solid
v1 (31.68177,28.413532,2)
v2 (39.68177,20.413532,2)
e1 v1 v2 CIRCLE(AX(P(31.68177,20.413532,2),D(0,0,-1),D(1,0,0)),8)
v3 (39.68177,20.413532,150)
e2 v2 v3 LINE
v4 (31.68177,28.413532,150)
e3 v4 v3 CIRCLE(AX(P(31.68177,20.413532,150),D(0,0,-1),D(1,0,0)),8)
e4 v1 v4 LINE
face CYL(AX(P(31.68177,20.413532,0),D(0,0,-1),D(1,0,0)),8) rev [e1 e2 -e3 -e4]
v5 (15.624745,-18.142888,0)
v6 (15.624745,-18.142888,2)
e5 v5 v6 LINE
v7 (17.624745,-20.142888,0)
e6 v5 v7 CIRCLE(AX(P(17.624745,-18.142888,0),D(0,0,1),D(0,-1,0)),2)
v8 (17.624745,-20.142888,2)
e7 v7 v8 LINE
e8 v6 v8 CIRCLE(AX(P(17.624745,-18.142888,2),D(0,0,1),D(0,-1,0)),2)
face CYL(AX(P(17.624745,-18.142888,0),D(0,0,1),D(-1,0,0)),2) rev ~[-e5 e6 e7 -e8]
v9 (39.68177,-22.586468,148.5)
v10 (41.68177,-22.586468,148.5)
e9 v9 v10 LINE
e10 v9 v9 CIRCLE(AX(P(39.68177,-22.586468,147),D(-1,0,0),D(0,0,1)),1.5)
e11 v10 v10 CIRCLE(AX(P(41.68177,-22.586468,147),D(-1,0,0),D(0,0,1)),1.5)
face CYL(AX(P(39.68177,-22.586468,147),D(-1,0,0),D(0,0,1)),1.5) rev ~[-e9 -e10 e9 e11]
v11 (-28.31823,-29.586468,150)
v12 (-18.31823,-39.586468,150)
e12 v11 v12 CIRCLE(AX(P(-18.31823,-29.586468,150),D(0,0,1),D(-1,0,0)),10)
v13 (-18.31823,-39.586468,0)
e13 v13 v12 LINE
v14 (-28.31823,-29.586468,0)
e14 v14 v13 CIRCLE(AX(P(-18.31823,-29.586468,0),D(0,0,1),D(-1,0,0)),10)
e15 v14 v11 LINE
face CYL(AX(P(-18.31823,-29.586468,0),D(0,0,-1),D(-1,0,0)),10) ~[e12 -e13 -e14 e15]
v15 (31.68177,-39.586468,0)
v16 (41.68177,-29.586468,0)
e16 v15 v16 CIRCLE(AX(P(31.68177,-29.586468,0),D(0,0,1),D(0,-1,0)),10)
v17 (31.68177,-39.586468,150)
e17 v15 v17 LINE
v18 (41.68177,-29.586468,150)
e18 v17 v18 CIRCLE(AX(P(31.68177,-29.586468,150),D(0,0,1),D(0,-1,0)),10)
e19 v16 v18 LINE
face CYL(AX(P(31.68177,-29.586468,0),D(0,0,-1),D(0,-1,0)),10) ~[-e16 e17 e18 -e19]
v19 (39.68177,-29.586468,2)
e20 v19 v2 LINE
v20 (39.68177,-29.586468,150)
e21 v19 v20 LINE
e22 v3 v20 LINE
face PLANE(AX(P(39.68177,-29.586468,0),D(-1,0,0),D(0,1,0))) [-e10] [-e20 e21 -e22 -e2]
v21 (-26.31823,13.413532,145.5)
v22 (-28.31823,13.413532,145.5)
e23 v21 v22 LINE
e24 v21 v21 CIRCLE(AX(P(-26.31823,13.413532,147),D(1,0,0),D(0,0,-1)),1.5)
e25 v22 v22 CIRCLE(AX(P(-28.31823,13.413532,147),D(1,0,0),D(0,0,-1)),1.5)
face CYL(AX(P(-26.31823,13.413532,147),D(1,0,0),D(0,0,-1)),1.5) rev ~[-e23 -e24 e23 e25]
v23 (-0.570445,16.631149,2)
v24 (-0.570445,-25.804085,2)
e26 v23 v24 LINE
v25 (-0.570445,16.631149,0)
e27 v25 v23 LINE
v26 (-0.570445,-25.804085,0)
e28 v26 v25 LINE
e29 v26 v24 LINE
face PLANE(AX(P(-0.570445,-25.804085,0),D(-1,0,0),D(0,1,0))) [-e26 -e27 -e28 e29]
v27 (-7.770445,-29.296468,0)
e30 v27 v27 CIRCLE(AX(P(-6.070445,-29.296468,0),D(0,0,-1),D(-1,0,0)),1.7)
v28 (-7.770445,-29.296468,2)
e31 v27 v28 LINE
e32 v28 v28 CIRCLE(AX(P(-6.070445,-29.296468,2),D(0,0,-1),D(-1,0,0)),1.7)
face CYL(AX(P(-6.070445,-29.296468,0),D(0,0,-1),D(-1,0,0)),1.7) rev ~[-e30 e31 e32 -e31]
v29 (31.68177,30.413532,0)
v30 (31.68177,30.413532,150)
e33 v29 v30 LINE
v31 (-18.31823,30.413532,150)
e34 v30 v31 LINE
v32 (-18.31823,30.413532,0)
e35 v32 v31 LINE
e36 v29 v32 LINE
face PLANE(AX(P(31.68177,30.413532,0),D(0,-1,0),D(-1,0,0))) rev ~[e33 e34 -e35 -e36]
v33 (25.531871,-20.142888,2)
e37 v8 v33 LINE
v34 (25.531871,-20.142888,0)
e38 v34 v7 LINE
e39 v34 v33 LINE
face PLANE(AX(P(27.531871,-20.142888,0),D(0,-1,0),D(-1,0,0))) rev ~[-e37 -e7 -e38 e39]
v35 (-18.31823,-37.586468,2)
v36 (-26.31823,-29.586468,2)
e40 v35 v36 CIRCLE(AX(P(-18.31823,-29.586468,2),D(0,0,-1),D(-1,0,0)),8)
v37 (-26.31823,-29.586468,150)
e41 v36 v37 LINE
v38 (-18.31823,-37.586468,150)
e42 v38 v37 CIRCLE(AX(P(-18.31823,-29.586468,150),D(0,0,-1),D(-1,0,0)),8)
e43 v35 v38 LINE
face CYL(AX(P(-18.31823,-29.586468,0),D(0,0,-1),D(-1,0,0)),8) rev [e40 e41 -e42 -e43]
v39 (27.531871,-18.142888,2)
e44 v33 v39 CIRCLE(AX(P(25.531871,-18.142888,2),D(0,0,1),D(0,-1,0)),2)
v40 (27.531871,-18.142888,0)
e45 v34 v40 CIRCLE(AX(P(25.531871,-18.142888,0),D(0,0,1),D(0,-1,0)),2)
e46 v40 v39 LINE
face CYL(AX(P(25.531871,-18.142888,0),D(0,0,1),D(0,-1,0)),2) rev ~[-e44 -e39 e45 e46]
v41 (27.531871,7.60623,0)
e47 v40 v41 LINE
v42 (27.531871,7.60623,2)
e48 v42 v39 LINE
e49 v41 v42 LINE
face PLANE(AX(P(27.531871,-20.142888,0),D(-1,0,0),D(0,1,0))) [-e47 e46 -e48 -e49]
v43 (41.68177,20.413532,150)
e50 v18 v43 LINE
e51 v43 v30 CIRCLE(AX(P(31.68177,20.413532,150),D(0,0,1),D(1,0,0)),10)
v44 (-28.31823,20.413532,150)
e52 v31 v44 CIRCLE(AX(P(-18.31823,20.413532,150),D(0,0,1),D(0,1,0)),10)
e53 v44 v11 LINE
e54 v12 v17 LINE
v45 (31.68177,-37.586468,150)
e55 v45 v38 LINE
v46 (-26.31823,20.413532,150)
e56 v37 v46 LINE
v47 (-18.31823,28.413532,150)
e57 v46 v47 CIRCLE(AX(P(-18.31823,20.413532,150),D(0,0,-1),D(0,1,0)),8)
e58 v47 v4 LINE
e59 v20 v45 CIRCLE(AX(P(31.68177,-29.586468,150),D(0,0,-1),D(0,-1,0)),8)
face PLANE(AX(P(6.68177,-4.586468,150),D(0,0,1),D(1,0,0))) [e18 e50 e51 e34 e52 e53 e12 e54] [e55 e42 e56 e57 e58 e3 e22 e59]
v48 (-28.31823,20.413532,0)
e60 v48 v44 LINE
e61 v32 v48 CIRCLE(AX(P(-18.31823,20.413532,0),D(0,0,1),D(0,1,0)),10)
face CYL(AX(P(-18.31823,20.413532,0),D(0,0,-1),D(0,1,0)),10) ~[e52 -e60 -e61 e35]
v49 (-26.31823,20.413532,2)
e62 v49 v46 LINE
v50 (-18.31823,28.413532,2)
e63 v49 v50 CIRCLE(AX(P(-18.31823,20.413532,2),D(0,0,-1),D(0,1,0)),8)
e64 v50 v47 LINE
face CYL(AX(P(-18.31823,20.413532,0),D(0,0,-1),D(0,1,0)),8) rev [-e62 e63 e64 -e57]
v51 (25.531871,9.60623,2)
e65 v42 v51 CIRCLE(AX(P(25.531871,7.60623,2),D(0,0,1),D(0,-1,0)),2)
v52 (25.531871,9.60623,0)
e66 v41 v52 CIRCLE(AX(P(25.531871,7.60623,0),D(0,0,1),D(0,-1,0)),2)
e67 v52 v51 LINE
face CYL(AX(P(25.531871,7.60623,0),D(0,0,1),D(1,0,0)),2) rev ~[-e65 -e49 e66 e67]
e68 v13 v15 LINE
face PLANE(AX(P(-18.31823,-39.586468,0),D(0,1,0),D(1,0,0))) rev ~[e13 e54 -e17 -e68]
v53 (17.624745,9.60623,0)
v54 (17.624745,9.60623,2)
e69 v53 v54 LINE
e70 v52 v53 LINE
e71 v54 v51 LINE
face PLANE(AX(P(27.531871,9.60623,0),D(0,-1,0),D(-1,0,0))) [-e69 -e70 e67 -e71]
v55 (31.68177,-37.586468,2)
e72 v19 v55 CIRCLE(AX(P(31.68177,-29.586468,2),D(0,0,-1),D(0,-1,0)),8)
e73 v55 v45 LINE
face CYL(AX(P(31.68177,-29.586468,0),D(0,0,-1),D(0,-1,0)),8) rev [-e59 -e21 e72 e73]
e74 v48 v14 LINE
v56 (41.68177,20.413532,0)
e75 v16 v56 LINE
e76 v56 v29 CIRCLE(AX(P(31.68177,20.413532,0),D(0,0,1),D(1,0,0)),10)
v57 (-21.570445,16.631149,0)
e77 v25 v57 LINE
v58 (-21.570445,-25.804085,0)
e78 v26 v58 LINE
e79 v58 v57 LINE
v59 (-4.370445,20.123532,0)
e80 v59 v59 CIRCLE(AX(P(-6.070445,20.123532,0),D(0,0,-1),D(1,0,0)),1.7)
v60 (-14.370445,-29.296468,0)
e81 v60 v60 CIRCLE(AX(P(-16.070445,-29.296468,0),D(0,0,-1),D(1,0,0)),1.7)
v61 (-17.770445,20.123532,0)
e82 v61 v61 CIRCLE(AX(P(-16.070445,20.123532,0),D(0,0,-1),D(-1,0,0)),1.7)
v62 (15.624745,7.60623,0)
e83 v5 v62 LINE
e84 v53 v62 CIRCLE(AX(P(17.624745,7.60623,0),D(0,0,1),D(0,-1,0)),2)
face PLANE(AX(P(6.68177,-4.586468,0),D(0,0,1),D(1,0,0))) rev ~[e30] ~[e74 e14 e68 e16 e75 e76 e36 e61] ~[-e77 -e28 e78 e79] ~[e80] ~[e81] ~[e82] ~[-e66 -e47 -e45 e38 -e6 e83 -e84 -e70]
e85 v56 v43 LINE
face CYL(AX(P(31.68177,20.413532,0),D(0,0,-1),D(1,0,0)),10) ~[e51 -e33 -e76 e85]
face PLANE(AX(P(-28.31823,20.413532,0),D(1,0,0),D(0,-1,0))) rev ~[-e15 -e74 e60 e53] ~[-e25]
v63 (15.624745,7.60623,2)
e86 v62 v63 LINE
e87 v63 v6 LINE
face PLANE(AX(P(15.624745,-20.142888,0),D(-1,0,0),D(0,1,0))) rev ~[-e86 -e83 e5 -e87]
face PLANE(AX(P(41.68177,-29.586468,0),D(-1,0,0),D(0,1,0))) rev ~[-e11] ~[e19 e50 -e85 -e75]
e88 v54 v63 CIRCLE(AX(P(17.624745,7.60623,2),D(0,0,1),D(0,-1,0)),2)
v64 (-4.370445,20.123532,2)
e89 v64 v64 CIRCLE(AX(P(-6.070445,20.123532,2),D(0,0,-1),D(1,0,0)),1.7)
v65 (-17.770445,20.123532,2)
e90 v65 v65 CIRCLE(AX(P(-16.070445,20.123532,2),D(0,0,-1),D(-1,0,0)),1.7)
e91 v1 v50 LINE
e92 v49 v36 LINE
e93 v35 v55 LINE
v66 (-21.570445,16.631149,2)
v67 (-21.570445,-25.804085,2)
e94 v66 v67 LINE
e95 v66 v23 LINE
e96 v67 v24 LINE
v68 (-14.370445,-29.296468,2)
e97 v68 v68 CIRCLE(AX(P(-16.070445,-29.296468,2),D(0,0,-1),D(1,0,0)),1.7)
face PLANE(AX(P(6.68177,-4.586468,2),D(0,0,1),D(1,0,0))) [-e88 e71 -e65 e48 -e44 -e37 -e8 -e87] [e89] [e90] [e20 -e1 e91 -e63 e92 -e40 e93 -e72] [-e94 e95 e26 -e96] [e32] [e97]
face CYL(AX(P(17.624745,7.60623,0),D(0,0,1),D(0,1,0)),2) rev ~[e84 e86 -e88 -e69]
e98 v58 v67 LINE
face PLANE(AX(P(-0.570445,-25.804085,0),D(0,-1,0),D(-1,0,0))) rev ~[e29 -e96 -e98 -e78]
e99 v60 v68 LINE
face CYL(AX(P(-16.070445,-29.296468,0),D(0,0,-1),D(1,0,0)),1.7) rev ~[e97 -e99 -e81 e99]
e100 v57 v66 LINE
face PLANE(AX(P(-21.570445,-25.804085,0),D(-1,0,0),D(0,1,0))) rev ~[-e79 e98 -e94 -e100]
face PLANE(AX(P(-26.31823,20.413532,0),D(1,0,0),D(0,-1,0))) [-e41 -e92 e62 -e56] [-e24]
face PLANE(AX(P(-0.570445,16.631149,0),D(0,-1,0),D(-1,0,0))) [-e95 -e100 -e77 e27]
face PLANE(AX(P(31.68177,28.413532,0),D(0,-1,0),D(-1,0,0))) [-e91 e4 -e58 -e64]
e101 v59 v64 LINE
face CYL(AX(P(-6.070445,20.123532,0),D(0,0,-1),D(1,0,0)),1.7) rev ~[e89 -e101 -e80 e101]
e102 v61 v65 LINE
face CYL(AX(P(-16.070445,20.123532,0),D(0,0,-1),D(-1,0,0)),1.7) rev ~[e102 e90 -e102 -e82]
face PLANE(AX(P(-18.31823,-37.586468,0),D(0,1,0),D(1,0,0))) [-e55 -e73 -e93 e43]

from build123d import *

# Parameters (mm, degrees)
EXTRUDE_1_DEPTH     = 150
SHELL_1_T           = -2
SKETCH_2_R          = 1.7
SKETCH_2_W          = 21
SKETCH_2_H          = 42.435234345
CUT_EXTRUDE_1_DEPTH = 150
SKETCH_3_W          = 11.907125669
SKETCH_3_H          = 29.749118518
CUT_EXTRUDE_2_DEPTH = 10
FILLET_1_R          = 2
FILLET_2_R          = 2
FILLET_3_R          = 2
FILLET_4_R          = 2
SKETCH_4_R          = 1.5
CUT_EXTRUDE_3_DEPTH = 7
SKETCH_5_R          = 1.5
CUT_EXTRUDE_4_DEPTH = 7


with BuildPart() as part:
    # 草图1 → 凸台-拉伸1 (new body)
    with BuildSketch(Plane.XY):
        with BuildLine():
            Line((-28.318229719, 20.413532085), (-28.318229719, -29.586467915))
            ThreePointArc((-28.318229719, -29.586467915), (-25.38929753, -36.657535727), (-18.318229719, -39.586467915))
            Line((-18.318229719, -39.586467915), (31.681770281, -39.586467915))
            ThreePointArc((31.681770281, -39.586467915), (38.752838093, -36.657535727), (41.681770281, -29.586467915))
            Line((41.681770281, -29.586467915), (41.681770281, 20.413532085))
            ThreePointArc((41.681770281, 20.413532085), (38.752838093, 27.484599896), (31.681770281, 30.413532085))
            Line((31.681770281, 30.413532085), (-18.318229719, 30.413532085))
            ThreePointArc((-18.318229719, 30.413532085), (-25.38929753, 27.484599896), (-28.318229719, 20.413532085))
        make_face()
    extrude(amount=EXTRUDE_1_DEPTH)

    # 抽壳1
    shell_1_openings = [part.faces().sort_by_distance(p)[0] for p in [
        (6.681770281, -4.586467915, 150),
    ]]
    offset(amount=SHELL_1_T, openings=shell_1_openings, kind=Kind.INTERSECTION)

    # 草图2 → 切除-拉伸1 (cut)
    with BuildSketch(Plane(origin=(0, 0, 0), x_dir=(-1, 0, 0), z_dir=(0, 0, -1))):
        with Locations((16.070445421, 20.123532085)):
            Circle(SKETCH_2_R)
        with Locations(Location((6.070445421, 20.123532085, 0), (0, 0, 180))):
            Circle(SKETCH_2_R)
        with Locations(Location((16.070445421, -29.296467915, 0), (0, 0, 180))):
            Circle(SKETCH_2_R)
        with Locations((6.070445421, -29.296467915)):
            Circle(SKETCH_2_R)
        with Locations((11.070445421, -4.586467916)):
            Rectangle(SKETCH_2_W, SKETCH_2_H)
    extrude(amount=-CUT_EXTRUDE_1_DEPTH, mode=Mode.SUBTRACT)

    # 草图3 → 切除-拉伸2 (cut)
    with BuildSketch(Plane(origin=(0, 0, 0), x_dir=(-1, 0, 0), z_dir=(0, 0, -1))):
        with Locations((-21.578307669, -5.268329048)):
            Rectangle(SKETCH_3_W, SKETCH_3_H)
    extrude(amount=-CUT_EXTRUDE_2_DEPTH, mode=Mode.SUBTRACT)

    # 圆角1
    fillet_1_edges = [part.edges().sort_by_distance(p)[0] for p in [
        (15.624744835, 9.606230211, 1),
    ]]
    fillet(fillet_1_edges, radius=FILLET_1_R)

    # 圆角2
    fillet_2_edges = [part.edges().sort_by_distance(p)[0] for p in [
        (15.624744835, -20.142888307, 1),
    ]]
    fillet(fillet_2_edges, radius=FILLET_2_R)

    # 圆角3
    fillet_3_edges = [part.edges().sort_by_distance(p)[0] for p in [
        (27.531870504, -20.142888307, 1),
    ]]
    fillet(fillet_3_edges, radius=FILLET_3_R)

    # 圆角4
    fillet_4_edges = [part.edges().sort_by_distance(p)[0] for p in [
        (27.531870504, 9.606230211, 1),
    ]]
    fillet(fillet_4_edges, radius=FILLET_4_R)

    # 草图4 → 切除-拉伸3 (cut)
    with BuildSketch(Plane.ZY.offset(-39.681770281)):
        with Locations((147, -22.586467915)):
            Circle(SKETCH_4_R)
    extrude(amount=-CUT_EXTRUDE_3_DEPTH, mode=Mode.SUBTRACT)

    # 草图5 → 切除-拉伸4 (cut)
    with BuildSketch(Plane(origin=(-26.318229719, 0, 0), x_dir=(0, 0, -1), z_dir=(1, 0, 0))):
        with Locations((-147, 13.413532085)):
            Circle(SKETCH_5_R)
    extrude(amount=-CUT_EXTRUDE_4_DEPTH, mode=Mode.SUBTRACT)


solid = part.part
